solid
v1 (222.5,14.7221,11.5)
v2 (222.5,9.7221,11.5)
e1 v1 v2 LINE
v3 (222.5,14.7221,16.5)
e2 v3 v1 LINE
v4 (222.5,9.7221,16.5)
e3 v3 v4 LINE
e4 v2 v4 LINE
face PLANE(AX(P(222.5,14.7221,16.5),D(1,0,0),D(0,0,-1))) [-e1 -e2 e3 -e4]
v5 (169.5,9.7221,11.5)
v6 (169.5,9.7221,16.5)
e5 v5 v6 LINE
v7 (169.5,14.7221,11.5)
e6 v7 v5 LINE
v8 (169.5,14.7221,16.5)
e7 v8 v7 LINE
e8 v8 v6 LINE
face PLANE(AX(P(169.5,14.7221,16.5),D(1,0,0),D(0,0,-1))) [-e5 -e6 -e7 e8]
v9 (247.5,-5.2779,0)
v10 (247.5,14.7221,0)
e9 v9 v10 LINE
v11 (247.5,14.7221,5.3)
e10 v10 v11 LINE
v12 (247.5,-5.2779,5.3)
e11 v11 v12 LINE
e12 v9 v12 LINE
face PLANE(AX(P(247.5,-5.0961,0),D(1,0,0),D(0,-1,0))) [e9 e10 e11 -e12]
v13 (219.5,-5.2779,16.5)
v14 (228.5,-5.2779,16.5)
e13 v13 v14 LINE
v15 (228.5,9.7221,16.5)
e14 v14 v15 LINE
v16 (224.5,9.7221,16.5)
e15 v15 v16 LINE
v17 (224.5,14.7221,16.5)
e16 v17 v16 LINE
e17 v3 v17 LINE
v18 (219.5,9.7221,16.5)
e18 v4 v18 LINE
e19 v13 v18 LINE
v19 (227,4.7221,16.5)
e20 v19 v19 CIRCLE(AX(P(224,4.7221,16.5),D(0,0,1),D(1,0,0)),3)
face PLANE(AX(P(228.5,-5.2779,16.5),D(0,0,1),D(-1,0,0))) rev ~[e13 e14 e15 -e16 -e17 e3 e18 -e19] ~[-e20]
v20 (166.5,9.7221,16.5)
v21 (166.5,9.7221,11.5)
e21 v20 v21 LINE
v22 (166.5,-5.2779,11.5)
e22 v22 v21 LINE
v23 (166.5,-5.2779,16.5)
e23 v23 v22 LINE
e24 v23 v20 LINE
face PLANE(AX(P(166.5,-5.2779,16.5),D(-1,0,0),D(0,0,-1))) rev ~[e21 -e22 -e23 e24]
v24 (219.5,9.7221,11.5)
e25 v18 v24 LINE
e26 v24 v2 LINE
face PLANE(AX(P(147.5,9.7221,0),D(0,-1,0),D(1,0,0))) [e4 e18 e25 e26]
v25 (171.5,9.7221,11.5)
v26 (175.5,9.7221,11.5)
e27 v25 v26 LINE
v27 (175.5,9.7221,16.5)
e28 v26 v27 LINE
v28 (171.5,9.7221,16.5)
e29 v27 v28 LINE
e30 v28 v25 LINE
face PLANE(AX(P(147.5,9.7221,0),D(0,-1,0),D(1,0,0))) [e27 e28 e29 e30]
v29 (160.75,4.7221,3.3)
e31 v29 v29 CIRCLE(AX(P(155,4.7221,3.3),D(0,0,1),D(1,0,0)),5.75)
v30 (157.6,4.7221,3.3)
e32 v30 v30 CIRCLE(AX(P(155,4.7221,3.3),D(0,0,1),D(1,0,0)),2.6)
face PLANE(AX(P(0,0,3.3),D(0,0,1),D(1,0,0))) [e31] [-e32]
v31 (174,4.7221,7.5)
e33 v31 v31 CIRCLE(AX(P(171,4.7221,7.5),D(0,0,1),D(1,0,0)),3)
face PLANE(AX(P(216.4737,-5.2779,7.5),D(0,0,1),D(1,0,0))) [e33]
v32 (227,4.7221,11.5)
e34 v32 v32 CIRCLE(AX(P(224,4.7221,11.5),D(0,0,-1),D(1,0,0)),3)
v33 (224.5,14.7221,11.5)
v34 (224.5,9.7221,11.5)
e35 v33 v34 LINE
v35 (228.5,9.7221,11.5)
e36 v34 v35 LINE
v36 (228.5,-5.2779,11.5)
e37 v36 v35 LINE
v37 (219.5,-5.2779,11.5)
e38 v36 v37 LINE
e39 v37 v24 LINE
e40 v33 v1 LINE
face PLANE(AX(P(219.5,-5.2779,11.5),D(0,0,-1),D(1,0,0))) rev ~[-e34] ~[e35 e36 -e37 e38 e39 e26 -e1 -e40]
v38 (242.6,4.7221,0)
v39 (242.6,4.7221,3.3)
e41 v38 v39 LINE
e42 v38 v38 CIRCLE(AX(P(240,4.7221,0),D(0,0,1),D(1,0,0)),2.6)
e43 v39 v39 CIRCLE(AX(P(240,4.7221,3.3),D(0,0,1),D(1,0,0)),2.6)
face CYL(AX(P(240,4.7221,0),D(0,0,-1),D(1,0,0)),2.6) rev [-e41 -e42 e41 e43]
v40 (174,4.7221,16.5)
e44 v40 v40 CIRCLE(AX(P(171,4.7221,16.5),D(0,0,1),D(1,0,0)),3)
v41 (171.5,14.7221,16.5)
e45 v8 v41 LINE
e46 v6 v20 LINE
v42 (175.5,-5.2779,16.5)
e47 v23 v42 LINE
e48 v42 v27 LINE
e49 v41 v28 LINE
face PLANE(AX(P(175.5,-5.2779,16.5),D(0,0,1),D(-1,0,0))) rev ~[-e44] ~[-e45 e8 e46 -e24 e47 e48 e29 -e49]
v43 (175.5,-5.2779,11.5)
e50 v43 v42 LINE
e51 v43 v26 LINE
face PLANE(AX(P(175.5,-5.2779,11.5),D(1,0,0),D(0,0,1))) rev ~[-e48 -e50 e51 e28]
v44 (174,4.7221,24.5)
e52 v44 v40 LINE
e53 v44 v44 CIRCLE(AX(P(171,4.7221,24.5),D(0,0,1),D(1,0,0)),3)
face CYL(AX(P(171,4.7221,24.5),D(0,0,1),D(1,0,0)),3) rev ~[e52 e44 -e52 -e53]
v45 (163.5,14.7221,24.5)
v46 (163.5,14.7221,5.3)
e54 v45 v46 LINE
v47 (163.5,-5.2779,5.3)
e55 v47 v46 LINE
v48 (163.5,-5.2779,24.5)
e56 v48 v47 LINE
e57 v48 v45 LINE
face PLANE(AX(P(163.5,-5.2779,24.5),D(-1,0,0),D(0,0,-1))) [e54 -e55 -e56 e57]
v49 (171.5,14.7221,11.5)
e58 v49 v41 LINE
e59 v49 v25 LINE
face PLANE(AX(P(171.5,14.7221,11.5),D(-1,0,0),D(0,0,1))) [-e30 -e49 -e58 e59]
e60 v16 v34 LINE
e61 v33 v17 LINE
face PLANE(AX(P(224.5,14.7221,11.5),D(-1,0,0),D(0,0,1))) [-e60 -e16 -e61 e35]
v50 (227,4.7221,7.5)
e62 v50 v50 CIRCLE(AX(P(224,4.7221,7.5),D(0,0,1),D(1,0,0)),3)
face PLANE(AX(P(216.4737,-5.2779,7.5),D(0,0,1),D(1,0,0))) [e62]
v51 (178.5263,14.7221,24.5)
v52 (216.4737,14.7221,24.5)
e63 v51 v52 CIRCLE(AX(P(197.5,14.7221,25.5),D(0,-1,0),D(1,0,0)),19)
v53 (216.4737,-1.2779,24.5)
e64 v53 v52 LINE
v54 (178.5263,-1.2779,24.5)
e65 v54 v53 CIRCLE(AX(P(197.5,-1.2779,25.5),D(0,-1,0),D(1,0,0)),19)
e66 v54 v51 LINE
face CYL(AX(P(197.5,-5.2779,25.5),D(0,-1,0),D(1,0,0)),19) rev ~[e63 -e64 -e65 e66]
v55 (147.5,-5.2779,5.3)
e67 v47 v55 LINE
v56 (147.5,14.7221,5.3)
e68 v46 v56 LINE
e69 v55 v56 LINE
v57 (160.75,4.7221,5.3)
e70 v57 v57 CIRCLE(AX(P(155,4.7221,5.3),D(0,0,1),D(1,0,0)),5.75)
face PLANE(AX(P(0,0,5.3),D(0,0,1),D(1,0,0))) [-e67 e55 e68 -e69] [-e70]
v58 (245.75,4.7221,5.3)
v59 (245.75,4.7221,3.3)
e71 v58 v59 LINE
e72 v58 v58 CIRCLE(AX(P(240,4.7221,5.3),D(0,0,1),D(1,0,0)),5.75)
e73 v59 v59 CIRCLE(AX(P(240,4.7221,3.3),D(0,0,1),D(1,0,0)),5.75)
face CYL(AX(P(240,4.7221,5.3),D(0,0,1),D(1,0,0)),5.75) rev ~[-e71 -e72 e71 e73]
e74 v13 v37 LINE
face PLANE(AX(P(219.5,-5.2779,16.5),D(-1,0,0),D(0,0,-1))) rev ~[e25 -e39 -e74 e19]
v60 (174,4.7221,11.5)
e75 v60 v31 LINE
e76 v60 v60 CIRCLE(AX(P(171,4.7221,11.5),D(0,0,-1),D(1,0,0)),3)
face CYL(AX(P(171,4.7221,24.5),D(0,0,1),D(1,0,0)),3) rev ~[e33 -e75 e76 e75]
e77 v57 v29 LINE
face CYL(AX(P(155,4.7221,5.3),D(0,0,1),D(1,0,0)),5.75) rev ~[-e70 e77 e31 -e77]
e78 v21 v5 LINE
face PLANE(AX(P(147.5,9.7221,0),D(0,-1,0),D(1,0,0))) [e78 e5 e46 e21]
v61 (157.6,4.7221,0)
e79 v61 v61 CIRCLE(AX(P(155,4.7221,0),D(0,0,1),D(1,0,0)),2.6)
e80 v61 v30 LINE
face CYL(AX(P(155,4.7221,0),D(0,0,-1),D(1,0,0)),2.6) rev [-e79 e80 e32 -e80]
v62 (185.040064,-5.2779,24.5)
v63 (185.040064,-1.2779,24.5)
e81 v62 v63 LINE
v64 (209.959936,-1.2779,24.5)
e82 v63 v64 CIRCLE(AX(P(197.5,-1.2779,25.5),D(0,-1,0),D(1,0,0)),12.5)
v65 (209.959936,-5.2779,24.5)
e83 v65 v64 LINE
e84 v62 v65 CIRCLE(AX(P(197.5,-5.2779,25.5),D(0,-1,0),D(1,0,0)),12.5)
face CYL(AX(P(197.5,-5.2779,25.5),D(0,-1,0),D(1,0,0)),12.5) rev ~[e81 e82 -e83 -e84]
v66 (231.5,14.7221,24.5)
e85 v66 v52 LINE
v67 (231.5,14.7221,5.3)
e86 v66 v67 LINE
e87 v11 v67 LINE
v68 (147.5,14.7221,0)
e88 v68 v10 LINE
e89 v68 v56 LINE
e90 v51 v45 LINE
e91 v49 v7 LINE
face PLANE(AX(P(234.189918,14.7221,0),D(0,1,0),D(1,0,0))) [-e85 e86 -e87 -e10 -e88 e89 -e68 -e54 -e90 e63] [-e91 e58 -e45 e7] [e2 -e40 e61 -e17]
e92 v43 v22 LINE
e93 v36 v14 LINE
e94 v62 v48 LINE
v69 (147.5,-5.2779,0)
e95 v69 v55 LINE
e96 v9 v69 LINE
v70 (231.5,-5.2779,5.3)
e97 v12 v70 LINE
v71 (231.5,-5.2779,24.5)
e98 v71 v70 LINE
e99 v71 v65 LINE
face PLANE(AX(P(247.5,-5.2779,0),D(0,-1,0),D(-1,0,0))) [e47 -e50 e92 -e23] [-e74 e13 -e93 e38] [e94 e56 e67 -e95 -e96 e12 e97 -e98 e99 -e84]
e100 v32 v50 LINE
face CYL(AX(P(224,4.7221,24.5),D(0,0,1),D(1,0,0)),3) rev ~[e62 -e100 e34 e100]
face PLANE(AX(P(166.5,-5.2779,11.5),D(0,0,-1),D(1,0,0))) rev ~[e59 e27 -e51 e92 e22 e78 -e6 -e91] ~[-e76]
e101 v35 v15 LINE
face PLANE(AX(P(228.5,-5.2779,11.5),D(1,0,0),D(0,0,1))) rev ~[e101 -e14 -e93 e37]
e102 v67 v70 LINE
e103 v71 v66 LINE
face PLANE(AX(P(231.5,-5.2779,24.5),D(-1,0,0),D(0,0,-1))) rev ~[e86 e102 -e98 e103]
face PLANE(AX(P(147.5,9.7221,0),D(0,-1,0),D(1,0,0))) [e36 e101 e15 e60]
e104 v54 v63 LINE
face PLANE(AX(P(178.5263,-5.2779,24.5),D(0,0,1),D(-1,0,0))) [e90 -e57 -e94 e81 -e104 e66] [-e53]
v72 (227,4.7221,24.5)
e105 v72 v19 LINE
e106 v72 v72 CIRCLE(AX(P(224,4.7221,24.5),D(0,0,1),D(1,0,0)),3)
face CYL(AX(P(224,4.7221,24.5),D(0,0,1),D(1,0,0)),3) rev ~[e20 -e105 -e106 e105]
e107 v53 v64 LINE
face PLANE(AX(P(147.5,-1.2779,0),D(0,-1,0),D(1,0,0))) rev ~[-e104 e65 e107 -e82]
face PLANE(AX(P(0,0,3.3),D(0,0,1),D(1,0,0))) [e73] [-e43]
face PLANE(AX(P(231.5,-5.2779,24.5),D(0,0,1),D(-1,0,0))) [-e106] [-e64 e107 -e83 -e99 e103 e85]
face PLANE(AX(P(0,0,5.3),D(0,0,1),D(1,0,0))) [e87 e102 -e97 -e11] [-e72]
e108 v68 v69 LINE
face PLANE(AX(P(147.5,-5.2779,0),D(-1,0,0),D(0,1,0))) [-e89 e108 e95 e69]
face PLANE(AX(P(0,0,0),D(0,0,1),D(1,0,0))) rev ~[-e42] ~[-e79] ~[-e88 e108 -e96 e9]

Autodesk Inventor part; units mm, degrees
ref_plane "YZ Plane" through (0, 0, 0) normal (1, 0, 0) x (0, 1, 0)
ref_plane "XZ Plane" through (0, 0, 0) normal (0, 1, 0) x (-1, 0, 0)
ref_plane "XY Plane" through (0, 0, 0) normal (0, 0, 1) x (1, 0, 0)
ref_plane "Work Plane1" through (0, 0, 0) normal (0, 0, 1) x (1, 0, 0)
sketch "Sketch1" plane through (0, 0, 0) normal (0, 0, 1) x (1, 0, 0)
  line L0 (247.5, -5.2779) -> (147.5, -5.2779)
  line L1 (147.5, -5.2779) -> (147.5, 14.7221)
  line L2 (147.5, 14.7221) -> (247.5, 14.7221)
  line L3 (247.5, 14.7221) -> (247.5, -5.2779)
  line L4 (235, 40.7039) -> (235, 15.7039) projected
  line L5 (160, 15.7039) -> (160, 40.7039) projected
  line L6 (161, 181.7039) -> (234, 181.7039)
  arc A0 (235, 180.7039) -> (234, 181.7039) centre (234, 180.7039) ccw
  line L7 (235, 180.7039) -> (235, 155.7039)
  arc A1 (234, 154.7039) -> (235, 155.7039) centre (234, 155.7039) ccw
  line L8 (234, 154.7039) -> (219.9889, 154.7039)
  line L9 (219.9889, 154.7039) -> (219.9889, 41.7039)
  line L10 (219.9889, 41.7039) -> (234, 41.7039)
  arc A2 (235, 40.7039) -> (234, 41.7039) centre (234, 40.7039) ccw
  line L11 (235, 40.7039) -> (235, 15.7039)
  arc A3 (234, 14.7039) -> (235, 15.7039) centre (234, 15.7039) ccw
  line L12 (234, 14.7039) -> (229.5826, 14.7039)
  line L13 (229.5826, 14.7039) -> (229.5826, 21.7039)
  line L14 (229.5826, 21.7039) -> (220.4174, 21.7039)
  line L15 (220.4174, 21.7039) -> (220.4174, 14.7039)
  line L16 (220.4174, 14.7039) -> (174.5826, 14.7039)
  line L17 (174.5826, 14.7039) -> (174.5826, 21.7039)
  line L18 (174.5826, 21.7039) -> (165.4174, 21.7039)
  line L19 (165.4174, 21.7039) -> (165.4174, 14.7039)
  line L20 (165.4174, 14.7039) -> (161, 14.7039)
  arc A4 (160, 15.7039) -> (161, 14.7039) centre (161, 15.7039) ccw
  line L21 (160, 15.7039) -> (160, 40.7039)
  arc A5 (161, 41.7039) -> (160, 40.7039) centre (161, 40.7039) ccw
  line L22 (161, 41.7039) -> (175.0111, 41.7039)
  line L23 (175.0111, 41.7039) -> (175.0111, 154.7039)
  line L24 (175.0111, 154.7039) -> (161, 154.7039)
  arc A6 (160, 155.7039) -> (161, 154.7039) centre (161, 155.7039) ccw
  line L25 (160, 155.7039) -> (160, 180.7039)
  arc A7 (161, 181.7039) -> (160, 180.7039) centre (161, 180.7039) ccw
  line L26 (161, 181.7039) -> (234, 181.7039)
  arc A8 (235, 180.7039) -> (234, 181.7039) centre (234, 180.7039) ccw
  line L27 (235, 180.7039) -> (235, 155.7039)
  arc A9 (234, 154.7039) -> (235, 155.7039) centre (234, 155.7039) ccw
  line L28 (234, 154.7039) -> (219.9889, 154.7039)
  line L29 (219.9889, 154.7039) -> (219.9889, 41.7039)
  line L30 (219.9889, 41.7039) -> (234, 41.7039)
  arc A10 (235, 40.7039) -> (234, 41.7039) centre (234, 40.7039) ccw
  line L31 (235, 40.7039) -> (235, 15.7039)
  arc A11 (234, 14.7039) -> (235, 15.7039) centre (234, 15.7039) ccw
  line L32 (234, 14.7039) -> (229.5826, 14.7039)
  line L33 (229.5826, 14.7039) -> (229.5826, 21.7039)
  line L34 (229.5826, 21.7039) -> (220.4174, 21.7039)
  line L35 (220.4174, 21.7039) -> (220.4174, 14.7039)
  line L36 (220.4174, 14.7039) -> (174.5826, 14.7039)
  line L37 (174.5826, 14.7039) -> (174.5826, 21.7039)
  line L38 (174.5826, 21.7039) -> (165.4174, 21.7039)
  line L39 (165.4174, 21.7039) -> (165.4174, 14.7039)
  line L40 (165.4174, 14.7039) -> (161, 14.7039)
  arc A12 (160, 15.7039) -> (161, 14.7039) centre (161, 15.7039) ccw
  line L41 (160, 15.7039) -> (160, 40.7039)
  arc A13 (161, 41.7039) -> (160, 40.7039) centre (161, 40.7039) ccw
  line L42 (161, 41.7039) -> (175.0111, 41.7039)
  line L43 (175.0111, 41.7039) -> (175.0111, 154.7039)
  line L44 (175.0111, 154.7039) -> (161, 154.7039)
  arc A14 (160, 155.7039) -> (161, 154.7039) centre (161, 155.7039) ccw
  line L45 (160, 155.7039) -> (160, 180.7039)
  arc A15 (161, 181.7039) -> (160, 180.7039) centre (161, 180.7039) ccw
  line L46 (0, 0) -> (400, 0)
  line L47 (400, 0) -> (400, -5.0961)
  line L48 (0, -5.0961) -> (400, -5.0961)
  line L49 (0, -5.0961) -> (0, 0)
  line L50 (0, 14.5039) -> (400, 14.5039)
  line L51 (400, 14.5039) -> (400, 9.6864)
  line L52 (400, 9.6864) -> (0, 9.6864)
  line L53 (0, 9.6864) -> (0, 14.5039)
  circle A16 centre (240, 4.7221) radius 2.6
  circle A17 centre (155, 4.7221) radius 2.6
  point P0 (153.6248, 9.6864)
  point P1 (156.3752, 9.6864)
  point P2 (241.3752, 9.6864)
  point P3 (238.6248, 9.6864)
  dimension "d1" = 100
  dimension "d4" = -12.5
  dimension "d5" = 12.5
  dimension "d6" = 5.2
  dimension "d7" = 5.2
  dimension "d8" = 7.5
  dimension "d9" = 7.5
  dimension "d22" = 20
  dimension "d23" = 10
  dimension "d24" = 10
extrude "Extrusion1" add sketch "Sketch1" along normal blind 5.3 contours L0 L1 L48 L3 | L48 L1 L46 L3 | L46 L1 L52 L3 | L52 L1 L50 L3 | L50 L1 L2 A4 L20 L19 L17 L16 L15 L13 L12 A3 L3 | A3 L12 L13 L2 | L2 L19 L20 A4 | L15 L16 L17 L2
sketch "Sketch2" plane through (147.5, -5.2779, 0) normal (0, -1, 0) x (1, 0, 0)
  circle A0 centre (50, 25.5) radius 19
  line L0 (69, 25.5) -> (84, 25.5)
  line L1 (31, 25.5) -> (16, 25.5)
  line L2 (16, 25.5) -> (16, 5.3)
  line L3 (0, 5.3) -> (100, 5.3) projected
  line L4 (84, 25.5) -> (84, 5.3)
  line L5 (84, 24.5) -> (68.9737, 24.5)
  line L6 (31.0263, 24.5) -> (16, 24.5)
  point P0 (-147.5, 0)
  dimension "d10" = 15
  dimension "d11" = 15
  dimension "d14" = 1
extrude "Extrusion2" add sketch "Sketch2" against normal up to surface (20 mm away) contours L5 L4 L3 L2 L6 A0
sketch "Sketch3" plane through (216.4737, -5.2779, 24.5) normal (0, 0, 1) x (1, 0, 0)
  circle A0 centre (7.5263, 10) radius 3
  circle A1 centre (-45.4737, 10) radius 3
  line L0 (15.0263, 0) -> (15.0263, 20) projected
  line L1 (0, 0) -> (0, 20) projected
  line L2 (-52.9737, 0) -> (-52.9737, 20) projected
  line L3 (-37.9473, 0) -> (-52.9737, 0) projected
  line L4 (15.0263, 0) -> (0, 0) projected
  point P0 (-216.4737, 5.2779)
  point P1 (15.0263, 10)
  dimension "d15" = 6
  dimension "d16" = 6
  dimension "d17" = 7.5
  dimension "d19" = 7.5
  dimension "d25" = 10
  dimension "d26" = 10
extrude "Extrusion3" cut sketch "Sketch3" against normal blind 17
sketch "Sketch4" plane through (147.5, -5.2779, 0) normal (0, -1, 0) x (1, 0, 0)
  line L0 (84, 24.5) -> (68.9737, 24.5) projected
  line L1 (84, 24.5) -> (16, 24.5)
  line L2 (16, 24.5) -> (16, 5.3)
  line L3 (16, 5.3) -> (84, 5.3)
  line L4 (84, 5.3) -> (84, 24.5)
  arc A0 (31.0263, 24.5) -> (68.9737, 24.5) centre (50, 25.5) ccw projected
  circle A1 centre (50, 25.5) radius 12.5
  point P0 (-147.5, 0)
  point P1 (62.4599, 24.5)
  point P2 (37.5401, 24.5)
  dimension "d27" = 25
extrude "Extrusion4" add sketch "Sketch4" against normal blind 4 contours L4 L3 L2 L1 A0 L0 | A0 L1 A1
sketch "Sketch5" plane through (147.5, -5.2779, 0) normal (0, -1, 0) x (1, 0, 0)
  line L0 (81, 16.5) -> (72, 16.5)
  line L1 (72, 16.5) -> (72, 11.5)
  line L2 (72, 11.5) -> (81, 11.5)
  line L3 (81, 11.5) -> (81, 16.5)
  line L4 (73.5, 24.5) -> (79.5, 24.5) projected
  line L5 (20.5, 24.5) -> (26.5, 24.5) projected
  line L6 (20.5, 7.5) -> (26.5, 7.5) projected
  line L7 (20.5, 24.5) -> (26.5, 24.5) projected
  line L8 (73.5, 7.5) -> (79.5, 7.5) projected
  line L9 (73.5, 24.5) -> (79.5, 24.5) projected
  line L10 (28, 16.5) -> (19, 16.5)
  line L11 (19, 16.5) -> (19, 11.5)
  line L12 (19, 11.5) -> (28, 11.5)
  line L13 (28, 11.5) -> (28, 16.5)
  point P0 (-147.5, 0)
  point P1 (76.5, 24.5)
  point P2 (76.5, 16.5)
  point P3 (23.5, 24.5)
  point P4 (23.5, 16.5)
  dimension "d30" = 9
  dimension "d31" = 5
  dimension "d32" = 6
  dimension "d33" = 1.5
  dimension "d34" = 8
  dimension "d35" = 9
  dimension "d36" = 5
  dimension "d37" = 6
  dimension "d38" = 1.5
  dimension "d39" = 8
extrude "Extrusion5" cut sketch "Sketch5" against normal blind 15
sketch "Sketch6" plane through (147.5, 14.7221, 0) normal (0, 1, 0) x (1, 0, 0)
  line L0 (81, -11.5) -> (72, -11.5) projected
  line L1 (72, -11.5) -> (72, -16.5) projected
  line L2 (72, -16.5) -> (81, -16.5) projected
  line L3 (81, -16.5) -> (81, -11.5) projected
  line L4 (28, -11.5) -> (19, -11.5) projected
  line L5 (19, -11.5) -> (19, -16.5) projected
  line L6 (19, -16.5) -> (28, -16.5) projected
  line L7 (28, -16.5) -> (28, -11.5) projected
  line L8 (0, -5.3) -> (16, -5.3) projected
  line L9 (0, 0) -> (0, -5.3) projected
  line L10 (0, 0) -> (100, 0) projected
  line L11 (100, 0) -> (100, -5.3) projected
  line L12 (84, -5.3) -> (100, -5.3) projected
  line L13 (84, -5.3) -> (84, -24.5) projected
  line L14 (84, -24.5) -> (62.4599, -24.5) projected
  arc A0 (62.4599, -24.5) -> (37.5401, -24.5) centre (50, -25.5) ccw projected
  line L15 (37.5401, -24.5) -> (16, -24.5) projected
  line L16 (16, -24.5) -> (16, -5.3) projected
  line L17 (20.5, -11.5) -> (26.5, -11.5) projected
  line L18 (22, -11.5) -> (24, -11.5)
  line L19 (24, -11.5) -> (24, -16.5)
  line L20 (24, -16.5) -> (22, -16.5)
  line L21 (22, -16.5) -> (22, -11.5)
  line L22 (73.5, -11.5) -> (79.5, -11.5) projected
  line L23 (72, -16.5) -> (81, -16.5) projected
  line L24 (75, -11.5) -> (77, -11.5)
  line L25 (77, -11.5) -> (77, -16.5)
  line L26 (77, -16.5) -> (75, -16.5)
  line L27 (75, -16.5) -> (75, -11.5)
  point P0 (-147.5, 0)
  point P1 (22, -11.5)
  dimension "d42" = 2
  dimension "d43" = 9
  dimension "d44" = 3
  dimension "d45" = 2
  dimension "d46" = 3
extrude "Extrusion6" cut sketch "Sketch6" against normal through all contours L25 L2 L27 L0 | L19 L6 L21 L4
sketch "Sketch7" plane through (0, 0, 5.3) normal (0, 0, 1) x (1, 0, 0)
  circle A0 centre (240, 4.7221) radius 2.6 projected
  circle A1 centre (240, 4.7221) radius 5.75
  circle A2 centre (155, 4.7221) radius 2.6 projected
  circle A3 centre (155, 4.7221) radius 5.75
  point P0 (0, 0)
  dimension "d49" = 11.5
  dimension "d50" = 11.5
extrude "Extrusion7" cut sketch "Sketch7" against normal blind 2
equation "\"d30\" = d35"
equation "\"d31\" = d36"
equation "\"d33\" = -0.5 * d32 + 0.5 * d30"
equation "\"d34\" = d39"
equation "\"d38\" = -0.5 * d37 + 0.5 * d35"
equation "\"d49\" = d50"
properties part number "FrontPistonSupportButtom"
